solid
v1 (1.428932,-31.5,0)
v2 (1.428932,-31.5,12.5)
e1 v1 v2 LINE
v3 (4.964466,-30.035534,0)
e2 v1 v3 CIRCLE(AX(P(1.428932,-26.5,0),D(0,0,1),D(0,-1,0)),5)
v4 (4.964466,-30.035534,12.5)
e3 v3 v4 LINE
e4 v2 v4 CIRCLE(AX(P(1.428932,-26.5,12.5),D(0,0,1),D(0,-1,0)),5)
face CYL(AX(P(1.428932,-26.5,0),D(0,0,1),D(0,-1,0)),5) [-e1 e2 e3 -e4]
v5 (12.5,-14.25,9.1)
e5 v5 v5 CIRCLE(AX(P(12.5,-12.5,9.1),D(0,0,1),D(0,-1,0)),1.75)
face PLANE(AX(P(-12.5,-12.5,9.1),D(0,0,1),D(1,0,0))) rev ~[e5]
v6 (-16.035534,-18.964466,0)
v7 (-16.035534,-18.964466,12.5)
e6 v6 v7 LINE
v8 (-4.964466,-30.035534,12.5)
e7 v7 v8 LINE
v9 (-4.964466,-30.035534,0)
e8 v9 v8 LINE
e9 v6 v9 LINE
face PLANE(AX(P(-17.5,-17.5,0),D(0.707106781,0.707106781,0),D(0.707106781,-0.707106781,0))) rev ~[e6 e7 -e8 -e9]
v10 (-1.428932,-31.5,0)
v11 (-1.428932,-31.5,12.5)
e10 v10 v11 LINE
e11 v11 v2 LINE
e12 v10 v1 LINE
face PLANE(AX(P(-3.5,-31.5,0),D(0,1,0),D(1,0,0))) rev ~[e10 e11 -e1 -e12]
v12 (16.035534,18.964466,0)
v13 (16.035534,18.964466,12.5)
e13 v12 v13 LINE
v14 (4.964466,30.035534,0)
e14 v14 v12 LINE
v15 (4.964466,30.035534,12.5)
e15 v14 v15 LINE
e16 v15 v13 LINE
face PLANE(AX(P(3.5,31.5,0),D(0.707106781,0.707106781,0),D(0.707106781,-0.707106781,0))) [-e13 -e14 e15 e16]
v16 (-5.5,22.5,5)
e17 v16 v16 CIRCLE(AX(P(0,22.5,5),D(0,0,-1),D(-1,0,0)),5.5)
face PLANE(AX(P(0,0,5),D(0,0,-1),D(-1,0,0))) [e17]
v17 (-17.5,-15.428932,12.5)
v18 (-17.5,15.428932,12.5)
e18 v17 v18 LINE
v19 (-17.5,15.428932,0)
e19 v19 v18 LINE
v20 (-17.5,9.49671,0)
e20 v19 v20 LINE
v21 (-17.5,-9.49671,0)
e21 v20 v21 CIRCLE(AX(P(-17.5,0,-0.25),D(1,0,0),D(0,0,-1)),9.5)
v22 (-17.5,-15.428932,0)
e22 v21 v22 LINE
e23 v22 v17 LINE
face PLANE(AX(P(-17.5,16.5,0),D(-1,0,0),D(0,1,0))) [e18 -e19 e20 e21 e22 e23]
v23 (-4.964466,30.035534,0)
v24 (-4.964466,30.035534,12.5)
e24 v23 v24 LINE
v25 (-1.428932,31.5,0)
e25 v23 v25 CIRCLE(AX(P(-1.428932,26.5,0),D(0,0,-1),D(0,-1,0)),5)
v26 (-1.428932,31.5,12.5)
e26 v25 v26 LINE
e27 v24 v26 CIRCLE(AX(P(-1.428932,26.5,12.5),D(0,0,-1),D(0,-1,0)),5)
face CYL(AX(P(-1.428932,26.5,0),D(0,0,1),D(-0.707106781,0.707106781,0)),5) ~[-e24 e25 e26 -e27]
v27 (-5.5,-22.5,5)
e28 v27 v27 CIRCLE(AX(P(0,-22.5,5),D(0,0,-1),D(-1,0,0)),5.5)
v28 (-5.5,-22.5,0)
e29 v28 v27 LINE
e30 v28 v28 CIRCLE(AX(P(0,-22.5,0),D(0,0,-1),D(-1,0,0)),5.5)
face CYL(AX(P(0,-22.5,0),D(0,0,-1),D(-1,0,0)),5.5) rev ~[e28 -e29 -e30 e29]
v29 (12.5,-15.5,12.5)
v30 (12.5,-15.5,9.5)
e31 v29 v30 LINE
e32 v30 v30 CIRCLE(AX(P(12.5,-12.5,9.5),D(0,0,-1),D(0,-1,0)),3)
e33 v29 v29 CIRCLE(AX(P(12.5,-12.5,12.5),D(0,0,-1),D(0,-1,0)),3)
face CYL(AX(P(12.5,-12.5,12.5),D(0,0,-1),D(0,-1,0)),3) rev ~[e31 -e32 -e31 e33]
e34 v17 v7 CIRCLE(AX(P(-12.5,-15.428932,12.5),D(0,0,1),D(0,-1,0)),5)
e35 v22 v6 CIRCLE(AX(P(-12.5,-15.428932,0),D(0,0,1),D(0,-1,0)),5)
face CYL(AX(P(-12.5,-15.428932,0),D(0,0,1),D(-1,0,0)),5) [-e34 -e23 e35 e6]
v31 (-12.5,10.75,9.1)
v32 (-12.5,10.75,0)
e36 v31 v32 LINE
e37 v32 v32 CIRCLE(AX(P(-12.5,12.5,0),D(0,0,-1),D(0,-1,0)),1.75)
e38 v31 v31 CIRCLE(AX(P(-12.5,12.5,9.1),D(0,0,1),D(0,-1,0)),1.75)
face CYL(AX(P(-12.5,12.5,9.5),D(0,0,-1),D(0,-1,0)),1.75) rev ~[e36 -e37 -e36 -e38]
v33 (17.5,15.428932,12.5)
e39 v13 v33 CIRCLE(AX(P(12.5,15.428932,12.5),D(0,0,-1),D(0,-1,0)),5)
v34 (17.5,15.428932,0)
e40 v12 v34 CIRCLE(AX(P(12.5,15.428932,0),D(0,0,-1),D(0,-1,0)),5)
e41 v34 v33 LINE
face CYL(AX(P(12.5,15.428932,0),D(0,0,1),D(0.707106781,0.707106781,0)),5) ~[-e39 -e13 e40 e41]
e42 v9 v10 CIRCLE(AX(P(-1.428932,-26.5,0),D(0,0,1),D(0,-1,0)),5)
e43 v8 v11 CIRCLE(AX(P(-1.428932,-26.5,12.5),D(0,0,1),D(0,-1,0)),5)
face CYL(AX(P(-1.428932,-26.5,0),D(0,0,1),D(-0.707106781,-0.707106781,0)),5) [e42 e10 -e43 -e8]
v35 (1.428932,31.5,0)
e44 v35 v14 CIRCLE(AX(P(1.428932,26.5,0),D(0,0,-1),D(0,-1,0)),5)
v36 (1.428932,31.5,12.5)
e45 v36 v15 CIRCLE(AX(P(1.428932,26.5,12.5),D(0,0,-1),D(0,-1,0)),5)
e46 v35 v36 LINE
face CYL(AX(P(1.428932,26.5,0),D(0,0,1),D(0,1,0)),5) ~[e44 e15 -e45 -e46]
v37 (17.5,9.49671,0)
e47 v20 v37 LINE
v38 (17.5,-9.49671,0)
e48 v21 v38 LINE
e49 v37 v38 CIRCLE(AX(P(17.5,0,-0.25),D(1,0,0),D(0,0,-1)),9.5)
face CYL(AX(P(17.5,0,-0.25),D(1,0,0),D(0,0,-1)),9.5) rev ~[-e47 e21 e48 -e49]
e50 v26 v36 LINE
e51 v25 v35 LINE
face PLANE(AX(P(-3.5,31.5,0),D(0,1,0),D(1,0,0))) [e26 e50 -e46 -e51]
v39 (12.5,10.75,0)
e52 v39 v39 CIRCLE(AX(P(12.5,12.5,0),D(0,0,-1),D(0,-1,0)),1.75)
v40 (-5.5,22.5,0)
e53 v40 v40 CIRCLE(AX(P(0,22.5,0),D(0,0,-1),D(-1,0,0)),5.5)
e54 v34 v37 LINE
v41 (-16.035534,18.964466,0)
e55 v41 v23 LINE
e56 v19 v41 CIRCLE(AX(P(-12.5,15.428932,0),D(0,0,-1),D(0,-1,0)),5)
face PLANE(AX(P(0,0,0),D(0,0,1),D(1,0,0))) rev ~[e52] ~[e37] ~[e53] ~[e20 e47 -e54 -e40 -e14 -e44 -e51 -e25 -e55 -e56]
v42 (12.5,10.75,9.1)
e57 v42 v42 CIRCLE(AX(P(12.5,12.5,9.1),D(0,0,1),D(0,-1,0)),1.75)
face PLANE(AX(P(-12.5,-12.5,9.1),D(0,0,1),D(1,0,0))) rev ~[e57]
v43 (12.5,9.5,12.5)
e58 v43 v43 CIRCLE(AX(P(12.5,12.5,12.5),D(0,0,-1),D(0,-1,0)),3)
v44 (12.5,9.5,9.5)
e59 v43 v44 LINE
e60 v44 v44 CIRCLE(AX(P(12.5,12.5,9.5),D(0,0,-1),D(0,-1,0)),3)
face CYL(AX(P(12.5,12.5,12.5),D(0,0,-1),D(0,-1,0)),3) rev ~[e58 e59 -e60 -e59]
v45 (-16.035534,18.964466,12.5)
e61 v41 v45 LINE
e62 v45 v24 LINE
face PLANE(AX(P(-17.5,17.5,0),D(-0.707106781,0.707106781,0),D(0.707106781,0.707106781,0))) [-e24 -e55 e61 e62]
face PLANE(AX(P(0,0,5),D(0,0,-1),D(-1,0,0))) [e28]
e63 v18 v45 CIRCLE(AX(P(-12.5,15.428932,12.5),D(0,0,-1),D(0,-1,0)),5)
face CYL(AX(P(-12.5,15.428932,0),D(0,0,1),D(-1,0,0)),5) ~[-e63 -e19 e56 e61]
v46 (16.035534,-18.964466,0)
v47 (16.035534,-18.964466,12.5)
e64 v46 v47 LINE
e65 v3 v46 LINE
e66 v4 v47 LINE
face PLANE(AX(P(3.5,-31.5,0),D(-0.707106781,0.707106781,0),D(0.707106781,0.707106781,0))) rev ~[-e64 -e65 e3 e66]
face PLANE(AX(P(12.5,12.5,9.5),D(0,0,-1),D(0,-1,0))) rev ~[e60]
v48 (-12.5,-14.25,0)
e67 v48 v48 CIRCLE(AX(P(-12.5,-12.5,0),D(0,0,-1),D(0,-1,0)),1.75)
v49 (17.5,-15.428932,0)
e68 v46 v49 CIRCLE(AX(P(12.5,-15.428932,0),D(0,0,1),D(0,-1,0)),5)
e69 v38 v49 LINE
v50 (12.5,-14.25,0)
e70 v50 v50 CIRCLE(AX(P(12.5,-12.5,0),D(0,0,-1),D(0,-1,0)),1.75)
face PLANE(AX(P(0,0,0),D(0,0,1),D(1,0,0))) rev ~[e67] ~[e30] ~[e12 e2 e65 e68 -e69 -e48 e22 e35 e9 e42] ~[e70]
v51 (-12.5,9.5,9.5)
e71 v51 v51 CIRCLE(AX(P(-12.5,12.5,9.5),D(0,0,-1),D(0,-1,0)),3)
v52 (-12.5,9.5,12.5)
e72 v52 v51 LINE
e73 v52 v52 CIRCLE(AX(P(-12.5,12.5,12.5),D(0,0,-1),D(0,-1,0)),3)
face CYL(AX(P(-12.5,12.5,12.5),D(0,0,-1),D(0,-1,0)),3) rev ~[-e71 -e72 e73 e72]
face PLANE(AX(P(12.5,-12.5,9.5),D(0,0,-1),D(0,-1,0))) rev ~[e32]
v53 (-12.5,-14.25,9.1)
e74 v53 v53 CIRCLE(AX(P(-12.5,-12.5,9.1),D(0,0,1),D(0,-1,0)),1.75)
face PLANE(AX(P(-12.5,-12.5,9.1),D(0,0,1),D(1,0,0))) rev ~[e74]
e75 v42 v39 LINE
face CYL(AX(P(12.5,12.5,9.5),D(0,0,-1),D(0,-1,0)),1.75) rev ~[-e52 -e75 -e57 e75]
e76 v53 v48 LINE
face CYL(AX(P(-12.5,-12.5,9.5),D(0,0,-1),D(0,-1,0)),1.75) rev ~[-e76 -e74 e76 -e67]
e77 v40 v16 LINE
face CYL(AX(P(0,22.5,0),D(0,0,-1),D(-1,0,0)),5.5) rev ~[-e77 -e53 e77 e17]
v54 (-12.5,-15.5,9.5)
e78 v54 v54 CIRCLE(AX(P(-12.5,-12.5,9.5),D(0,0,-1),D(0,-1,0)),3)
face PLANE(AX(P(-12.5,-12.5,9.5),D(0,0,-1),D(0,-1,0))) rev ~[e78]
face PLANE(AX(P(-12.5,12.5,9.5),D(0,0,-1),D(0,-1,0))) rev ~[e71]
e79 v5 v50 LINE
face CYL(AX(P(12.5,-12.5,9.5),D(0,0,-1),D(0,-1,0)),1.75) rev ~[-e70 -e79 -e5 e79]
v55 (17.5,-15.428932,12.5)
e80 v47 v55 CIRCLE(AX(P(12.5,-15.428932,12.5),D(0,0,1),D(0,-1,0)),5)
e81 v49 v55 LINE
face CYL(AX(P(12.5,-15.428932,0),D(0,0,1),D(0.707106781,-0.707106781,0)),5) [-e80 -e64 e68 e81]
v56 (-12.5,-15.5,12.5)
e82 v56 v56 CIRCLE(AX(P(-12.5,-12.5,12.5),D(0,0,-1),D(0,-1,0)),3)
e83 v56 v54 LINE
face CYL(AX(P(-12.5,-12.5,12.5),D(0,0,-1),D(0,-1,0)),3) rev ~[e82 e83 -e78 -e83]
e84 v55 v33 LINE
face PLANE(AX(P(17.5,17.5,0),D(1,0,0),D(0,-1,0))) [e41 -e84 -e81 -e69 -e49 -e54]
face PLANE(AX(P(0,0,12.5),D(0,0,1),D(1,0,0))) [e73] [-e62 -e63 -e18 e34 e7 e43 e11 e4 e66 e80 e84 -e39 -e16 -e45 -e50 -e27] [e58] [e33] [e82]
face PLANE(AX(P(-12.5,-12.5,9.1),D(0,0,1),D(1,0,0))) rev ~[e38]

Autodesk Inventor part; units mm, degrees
ref_plane "YZ Plane" through (0, 0, 0) normal (1, 0, 0) x (0, 1, 0)
ref_plane "XZ Plane" through (0, 0, 0) normal (0, 1, 0) x (-1, 0, 0)
ref_plane "XY Plane" through (0, 0, 0) normal (0, 0, 1) x (1, 0, 0)
sketch "Sketch1" plane through (0, 0, 0) normal (0, 0, 1) x (1, 0, 0)
  line L0 (0, 0) -> (0, 37.7883) construction
  line L1 (0, 0) -> (33.2061, 0) construction
  line L2 (-17.5, 16.5) -> (17.5, 16.5)
  line L3 (17.5, 16.5) -> (17.5, -16.5)
  line L4 (17.5, -16.5) -> (-17.5, -16.5)
  line L5 (-17.5, -16.5) -> (-17.5, 16.5)
  line L6 (-17.5, 16.5) -> (-17.5, 17.5)
  line L7 (-17.5, 17.5) -> (-3.5, 31.5)
  line L8 (-3.5, 31.5) -> (3.5, 31.5)
  line L9 (3.5, 31.5) -> (17.5, 17.5)
  line L10 (17.5, 17.5) -> (17.5, 16.5)
  line L11 (-17.5, -16.5) -> (17.5, -16.5)
  line L12 (-17.5, -16.5) -> (-17.5, -17.5)
  line L13 (-17.5, -17.5) -> (-3.5, -31.5)
  line L14 (-3.5, -31.5) -> (3.5, -31.5)
  line L15 (3.5, -31.5) -> (17.5, -17.5)
  line L16 (17.5, -17.5) -> (17.5, -16.5)
  point P0 (0, 16.5)
  point P1 (17.5, 0)
  point P2 (0, -16.5)
  dimension "d0" = 35
  dimension "d1" = 33
  dimension "d2" = 1
  dimension "d3" = 1
  dimension "d4" = 45
  dimension "d5" = 45
  dimension "d6" = 31.5
extrude "Extrusion1" add sketch "Sketch1" along normal blind 12.5
sketch "Sketch2" plane through (17.5, -17.5, 0) normal (1, 0, 0) x (0, 0, -1)
  line L0 (0, 17.5) -> (18.5906, 17.5) construction
  circle A0 centre (0.25, 17.5) radius 9.5
  dimension "d9" = 0.25
  dimension "d10" = 19
extrude "Extrusion2" cut sketch "Sketch2" against normal through all
sketch "Sketch3" plane through (0, 0, 12.5) normal (0, 0, 1) x (1, 0, 0)
  line L0 (0, 0) -> (23.8971, 0) construction
  line L1 (0, 0) -> (0, 42.5414) construction
  line L2 (-12.5, 12.5) -> (12.5, 12.5) construction
  line L3 (12.5, 12.5) -> (12.5, -12.5) construction
  line L4 (12.5, -12.5) -> (-12.5, -12.5) construction
  line L5 (-12.5, -12.5) -> (-12.5, 12.5) construction
  point P0 (12.5, 0)
  point P1 (0, 12.5)
  dimension "d13" = 25
  dimension "d14" = 25
hole "Hole1" at (-12.5, 12.5, 12.5) at (-12.5, -12.5, 12.5) at (12.5, -12.5, 12.5) at (12.5, 12.5, 12.5) direction (0, 0, -1) diameter 3.5 end through all counterbore diameter 6 counterbore depth 3
fillet "Fillet1" radius 5 8 edges at (3.5, 31.5, 6.25) (-3.5, 31.5, 6.25) (-17.5, 17.5, 6.25) (17.5, 17.5, 6.25) (-17.5, -17.5, 6.25) (-3.5, -31.5, 6.25) (3.5, -31.5, 6.25) (17.5, -17.5, 6.25)
sketch "Sketch4" plane through (0, 0, 0) normal (0, 0, -1) x (-1, 0, 0)
  line L0 (0, 0) -> (0, 38.8983) construction
  line L1 (0, 0) -> (0, -39.4176) construction
  circle A0 centre (0, 22.5) radius 5.5
  circle A1 centre (0, -22.5) radius 5.5
  dimension "d23" = 11
  dimension "d24" = 22.5
  dimension "d25" = 22.5
extrude "Extrusion3" cut sketch "Sketch4" against normal blind 5
sketch "Sketch5" plane through (-12.5, -12.5, 9.5) normal (0, 0, 1) x (1, 0, 0)
  circle A0 centre (0, 25) radius 1.75 projected
  circle A1 centre (0, 0) radius 1.75 projected
  circle A2 centre (25, 0) radius 1.75 projected
  circle A3 centre (25, 25) radius 1.75 projected
  point P0 (12.5, 12.5)
extrude "Extrusion4" add sketch "Sketch5" against normal blind 0.4
equation "\"d25\" = d24"
properties part number "Y Carriage Clamp 1.0" material "PC/ABS Plastic"
